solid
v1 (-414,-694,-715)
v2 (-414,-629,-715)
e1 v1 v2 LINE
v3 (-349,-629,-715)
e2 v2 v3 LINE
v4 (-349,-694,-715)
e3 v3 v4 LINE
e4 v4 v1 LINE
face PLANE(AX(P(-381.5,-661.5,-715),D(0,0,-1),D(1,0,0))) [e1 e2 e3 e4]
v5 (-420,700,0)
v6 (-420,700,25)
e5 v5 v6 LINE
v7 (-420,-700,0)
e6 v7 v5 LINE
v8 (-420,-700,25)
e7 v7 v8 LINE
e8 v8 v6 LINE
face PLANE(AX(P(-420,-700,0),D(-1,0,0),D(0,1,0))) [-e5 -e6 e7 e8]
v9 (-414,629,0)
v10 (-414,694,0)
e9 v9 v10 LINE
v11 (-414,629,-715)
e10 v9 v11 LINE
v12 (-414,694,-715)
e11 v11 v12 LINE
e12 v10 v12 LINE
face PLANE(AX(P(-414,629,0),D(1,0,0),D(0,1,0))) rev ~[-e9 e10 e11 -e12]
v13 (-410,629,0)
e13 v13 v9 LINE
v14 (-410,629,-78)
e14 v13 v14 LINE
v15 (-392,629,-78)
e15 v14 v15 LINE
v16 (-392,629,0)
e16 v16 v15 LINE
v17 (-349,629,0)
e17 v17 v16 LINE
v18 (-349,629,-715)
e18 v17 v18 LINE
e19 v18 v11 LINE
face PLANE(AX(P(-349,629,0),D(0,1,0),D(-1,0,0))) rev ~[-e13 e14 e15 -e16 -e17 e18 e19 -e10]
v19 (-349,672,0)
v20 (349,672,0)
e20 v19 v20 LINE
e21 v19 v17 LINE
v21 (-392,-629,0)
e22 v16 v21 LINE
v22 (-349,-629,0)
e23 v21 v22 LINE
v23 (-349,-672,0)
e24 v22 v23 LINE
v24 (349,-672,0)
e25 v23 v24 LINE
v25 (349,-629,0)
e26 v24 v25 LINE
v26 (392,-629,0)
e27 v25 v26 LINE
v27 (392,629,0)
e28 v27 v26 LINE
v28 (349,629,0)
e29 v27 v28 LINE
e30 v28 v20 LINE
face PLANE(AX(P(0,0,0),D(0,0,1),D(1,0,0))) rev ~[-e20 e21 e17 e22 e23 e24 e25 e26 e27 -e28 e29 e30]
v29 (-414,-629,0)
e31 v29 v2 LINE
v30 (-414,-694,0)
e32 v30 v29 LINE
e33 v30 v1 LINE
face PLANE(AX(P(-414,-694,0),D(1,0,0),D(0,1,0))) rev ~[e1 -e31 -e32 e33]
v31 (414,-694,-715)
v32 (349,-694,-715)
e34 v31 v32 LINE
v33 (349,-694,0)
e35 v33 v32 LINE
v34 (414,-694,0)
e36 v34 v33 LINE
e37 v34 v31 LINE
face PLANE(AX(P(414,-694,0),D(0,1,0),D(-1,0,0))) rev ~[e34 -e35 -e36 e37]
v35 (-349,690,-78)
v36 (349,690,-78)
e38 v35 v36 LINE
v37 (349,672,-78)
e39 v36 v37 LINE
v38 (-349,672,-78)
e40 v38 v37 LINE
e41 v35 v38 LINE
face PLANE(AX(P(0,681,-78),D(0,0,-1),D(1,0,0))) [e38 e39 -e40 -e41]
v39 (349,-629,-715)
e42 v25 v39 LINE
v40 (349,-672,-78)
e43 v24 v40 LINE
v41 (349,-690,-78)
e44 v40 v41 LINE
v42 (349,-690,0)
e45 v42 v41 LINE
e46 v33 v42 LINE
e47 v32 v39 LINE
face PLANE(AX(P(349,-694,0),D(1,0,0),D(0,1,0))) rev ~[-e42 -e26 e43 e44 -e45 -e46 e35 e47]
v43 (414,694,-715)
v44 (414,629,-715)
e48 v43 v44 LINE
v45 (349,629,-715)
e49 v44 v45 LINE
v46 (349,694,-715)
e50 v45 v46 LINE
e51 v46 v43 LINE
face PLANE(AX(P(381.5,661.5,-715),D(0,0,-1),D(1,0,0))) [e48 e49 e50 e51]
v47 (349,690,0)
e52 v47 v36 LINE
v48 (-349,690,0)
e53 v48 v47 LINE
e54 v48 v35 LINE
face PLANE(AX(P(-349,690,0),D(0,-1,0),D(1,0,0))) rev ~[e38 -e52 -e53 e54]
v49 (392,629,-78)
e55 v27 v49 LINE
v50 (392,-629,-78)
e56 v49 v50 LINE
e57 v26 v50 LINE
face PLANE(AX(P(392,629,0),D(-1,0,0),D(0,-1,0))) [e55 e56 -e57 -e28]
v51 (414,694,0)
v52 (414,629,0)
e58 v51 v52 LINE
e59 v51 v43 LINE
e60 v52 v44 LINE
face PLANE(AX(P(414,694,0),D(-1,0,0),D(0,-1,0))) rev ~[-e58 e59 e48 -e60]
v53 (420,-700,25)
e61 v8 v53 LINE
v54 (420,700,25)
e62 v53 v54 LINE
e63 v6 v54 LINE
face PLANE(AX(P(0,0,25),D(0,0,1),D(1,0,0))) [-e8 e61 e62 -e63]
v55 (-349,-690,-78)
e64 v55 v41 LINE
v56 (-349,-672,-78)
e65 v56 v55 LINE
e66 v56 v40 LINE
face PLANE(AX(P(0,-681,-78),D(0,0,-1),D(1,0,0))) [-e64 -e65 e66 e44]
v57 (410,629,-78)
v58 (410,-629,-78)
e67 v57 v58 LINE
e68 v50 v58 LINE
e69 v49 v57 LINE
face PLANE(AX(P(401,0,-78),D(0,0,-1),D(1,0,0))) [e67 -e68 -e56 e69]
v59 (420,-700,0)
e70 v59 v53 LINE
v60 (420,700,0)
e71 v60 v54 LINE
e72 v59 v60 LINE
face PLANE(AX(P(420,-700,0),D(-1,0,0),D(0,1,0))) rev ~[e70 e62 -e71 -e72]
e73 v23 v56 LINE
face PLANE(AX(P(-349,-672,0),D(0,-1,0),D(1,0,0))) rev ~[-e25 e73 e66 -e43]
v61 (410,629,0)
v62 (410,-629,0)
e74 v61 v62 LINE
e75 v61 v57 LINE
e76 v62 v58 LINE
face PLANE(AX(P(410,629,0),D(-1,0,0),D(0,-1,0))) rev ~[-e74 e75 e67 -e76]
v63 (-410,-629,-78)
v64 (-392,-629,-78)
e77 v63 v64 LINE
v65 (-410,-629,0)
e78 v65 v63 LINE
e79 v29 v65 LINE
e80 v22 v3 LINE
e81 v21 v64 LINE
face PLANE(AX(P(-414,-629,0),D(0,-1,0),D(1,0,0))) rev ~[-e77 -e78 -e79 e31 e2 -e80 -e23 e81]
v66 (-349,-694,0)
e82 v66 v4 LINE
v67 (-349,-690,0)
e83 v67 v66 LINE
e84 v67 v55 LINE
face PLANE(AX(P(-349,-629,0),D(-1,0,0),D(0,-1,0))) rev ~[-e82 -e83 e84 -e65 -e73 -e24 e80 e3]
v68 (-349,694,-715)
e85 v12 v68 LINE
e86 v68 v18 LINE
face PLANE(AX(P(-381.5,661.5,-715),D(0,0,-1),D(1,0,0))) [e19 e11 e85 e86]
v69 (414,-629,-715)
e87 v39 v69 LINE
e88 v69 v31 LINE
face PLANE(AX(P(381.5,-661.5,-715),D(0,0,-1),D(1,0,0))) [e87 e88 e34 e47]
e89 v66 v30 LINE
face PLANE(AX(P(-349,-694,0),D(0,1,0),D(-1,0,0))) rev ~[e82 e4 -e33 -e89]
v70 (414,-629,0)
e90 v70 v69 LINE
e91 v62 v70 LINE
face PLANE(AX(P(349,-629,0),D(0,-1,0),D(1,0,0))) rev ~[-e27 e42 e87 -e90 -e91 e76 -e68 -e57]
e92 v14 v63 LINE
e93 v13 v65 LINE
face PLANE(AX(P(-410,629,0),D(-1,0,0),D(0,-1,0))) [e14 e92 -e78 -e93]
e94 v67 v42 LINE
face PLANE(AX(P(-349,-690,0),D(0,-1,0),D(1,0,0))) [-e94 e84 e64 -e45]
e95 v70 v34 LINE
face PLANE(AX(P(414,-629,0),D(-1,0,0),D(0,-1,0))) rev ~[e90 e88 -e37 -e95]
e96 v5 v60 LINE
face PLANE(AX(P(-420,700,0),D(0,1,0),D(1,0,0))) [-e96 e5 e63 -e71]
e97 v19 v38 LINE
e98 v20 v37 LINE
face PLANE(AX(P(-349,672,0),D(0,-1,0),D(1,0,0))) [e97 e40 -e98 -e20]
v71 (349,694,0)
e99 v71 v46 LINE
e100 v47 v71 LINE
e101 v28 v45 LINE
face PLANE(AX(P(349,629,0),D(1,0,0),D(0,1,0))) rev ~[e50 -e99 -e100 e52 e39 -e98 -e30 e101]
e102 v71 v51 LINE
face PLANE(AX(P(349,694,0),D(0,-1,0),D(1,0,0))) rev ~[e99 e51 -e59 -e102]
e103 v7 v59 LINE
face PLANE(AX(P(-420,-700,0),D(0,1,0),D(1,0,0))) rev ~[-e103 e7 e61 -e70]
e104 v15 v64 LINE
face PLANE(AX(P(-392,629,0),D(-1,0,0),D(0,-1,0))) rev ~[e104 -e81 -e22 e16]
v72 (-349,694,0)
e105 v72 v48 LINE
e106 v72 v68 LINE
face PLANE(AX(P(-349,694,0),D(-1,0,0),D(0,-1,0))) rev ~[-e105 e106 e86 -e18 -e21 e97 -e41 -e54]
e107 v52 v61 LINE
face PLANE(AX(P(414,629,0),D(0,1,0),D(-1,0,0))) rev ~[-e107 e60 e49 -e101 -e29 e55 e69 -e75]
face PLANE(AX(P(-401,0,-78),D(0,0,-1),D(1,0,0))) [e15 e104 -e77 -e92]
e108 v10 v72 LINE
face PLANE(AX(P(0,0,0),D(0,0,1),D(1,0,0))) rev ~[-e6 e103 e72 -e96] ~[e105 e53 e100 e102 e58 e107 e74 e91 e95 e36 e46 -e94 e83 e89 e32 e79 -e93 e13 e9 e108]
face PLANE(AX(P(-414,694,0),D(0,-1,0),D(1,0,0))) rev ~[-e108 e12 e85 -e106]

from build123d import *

# Parameters (mm, degrees)
F0_W     = 840
F0_H     = 1400
F1_DEPTH = 25
F3_DEPTH = 715
F2_W     = 18
F2_H     = 1258
F2_W_2   = 698
F2_H_2   = 18
F4_DEPTH = 78


with BuildPart() as f1:
    # F0 (on Top) → F1 (new body)
    with BuildSketch(Plane.XY):
        Rectangle(F0_W, F0_H)
    extrude(amount=F1_DEPTH)

    # F2 (on face) → F3 (join)
    with BuildSketch(Plane(origin=(0, 0, 0), x_dir=(1, 0, 0), z_dir=(0, 0, -1))):
        Polygon((349, 672), (349, 629), (392, 629), (410, 629), (414, 629), (414, 694), (349, 694), (349, 690), align=None)
        Polygon((410, -629), (392, -629), (349, -629), (349, -672), (349, -690), (349, -694), (414, -694), (414, -629), align=None)
        Polygon((-349, -690), (-349, -672), (-349, -629), (-392, -629), (-410, -629), (-414, -629), (-414, -694), (-349, -694), align=None)
        Polygon((-349, 629), (-349, 672), (-349, 690), (-349, 694), (-414, 694), (-414, 629), (-410, 629), (-392, 629), align=None)
    extrude(amount=F3_DEPTH)

    # F2 (on face) → F4 (join)
    with BuildSketch(Plane(origin=(0, 0, 0), x_dir=(1, 0, 0), z_dir=(0, 0, -1))):
        with Locations((401, 0)):
            Rectangle(F2_W, F2_H)
        with Locations((0, 681)):
            Rectangle(F2_W_2, F2_H_2)
        with Locations((-401, 0)):
            Rectangle(F2_W, F2_H)
        with Locations((0, -681)):
            Rectangle(F2_W_2, F2_H_2)
    extrude(amount=F4_DEPTH)


solid = f1.part
